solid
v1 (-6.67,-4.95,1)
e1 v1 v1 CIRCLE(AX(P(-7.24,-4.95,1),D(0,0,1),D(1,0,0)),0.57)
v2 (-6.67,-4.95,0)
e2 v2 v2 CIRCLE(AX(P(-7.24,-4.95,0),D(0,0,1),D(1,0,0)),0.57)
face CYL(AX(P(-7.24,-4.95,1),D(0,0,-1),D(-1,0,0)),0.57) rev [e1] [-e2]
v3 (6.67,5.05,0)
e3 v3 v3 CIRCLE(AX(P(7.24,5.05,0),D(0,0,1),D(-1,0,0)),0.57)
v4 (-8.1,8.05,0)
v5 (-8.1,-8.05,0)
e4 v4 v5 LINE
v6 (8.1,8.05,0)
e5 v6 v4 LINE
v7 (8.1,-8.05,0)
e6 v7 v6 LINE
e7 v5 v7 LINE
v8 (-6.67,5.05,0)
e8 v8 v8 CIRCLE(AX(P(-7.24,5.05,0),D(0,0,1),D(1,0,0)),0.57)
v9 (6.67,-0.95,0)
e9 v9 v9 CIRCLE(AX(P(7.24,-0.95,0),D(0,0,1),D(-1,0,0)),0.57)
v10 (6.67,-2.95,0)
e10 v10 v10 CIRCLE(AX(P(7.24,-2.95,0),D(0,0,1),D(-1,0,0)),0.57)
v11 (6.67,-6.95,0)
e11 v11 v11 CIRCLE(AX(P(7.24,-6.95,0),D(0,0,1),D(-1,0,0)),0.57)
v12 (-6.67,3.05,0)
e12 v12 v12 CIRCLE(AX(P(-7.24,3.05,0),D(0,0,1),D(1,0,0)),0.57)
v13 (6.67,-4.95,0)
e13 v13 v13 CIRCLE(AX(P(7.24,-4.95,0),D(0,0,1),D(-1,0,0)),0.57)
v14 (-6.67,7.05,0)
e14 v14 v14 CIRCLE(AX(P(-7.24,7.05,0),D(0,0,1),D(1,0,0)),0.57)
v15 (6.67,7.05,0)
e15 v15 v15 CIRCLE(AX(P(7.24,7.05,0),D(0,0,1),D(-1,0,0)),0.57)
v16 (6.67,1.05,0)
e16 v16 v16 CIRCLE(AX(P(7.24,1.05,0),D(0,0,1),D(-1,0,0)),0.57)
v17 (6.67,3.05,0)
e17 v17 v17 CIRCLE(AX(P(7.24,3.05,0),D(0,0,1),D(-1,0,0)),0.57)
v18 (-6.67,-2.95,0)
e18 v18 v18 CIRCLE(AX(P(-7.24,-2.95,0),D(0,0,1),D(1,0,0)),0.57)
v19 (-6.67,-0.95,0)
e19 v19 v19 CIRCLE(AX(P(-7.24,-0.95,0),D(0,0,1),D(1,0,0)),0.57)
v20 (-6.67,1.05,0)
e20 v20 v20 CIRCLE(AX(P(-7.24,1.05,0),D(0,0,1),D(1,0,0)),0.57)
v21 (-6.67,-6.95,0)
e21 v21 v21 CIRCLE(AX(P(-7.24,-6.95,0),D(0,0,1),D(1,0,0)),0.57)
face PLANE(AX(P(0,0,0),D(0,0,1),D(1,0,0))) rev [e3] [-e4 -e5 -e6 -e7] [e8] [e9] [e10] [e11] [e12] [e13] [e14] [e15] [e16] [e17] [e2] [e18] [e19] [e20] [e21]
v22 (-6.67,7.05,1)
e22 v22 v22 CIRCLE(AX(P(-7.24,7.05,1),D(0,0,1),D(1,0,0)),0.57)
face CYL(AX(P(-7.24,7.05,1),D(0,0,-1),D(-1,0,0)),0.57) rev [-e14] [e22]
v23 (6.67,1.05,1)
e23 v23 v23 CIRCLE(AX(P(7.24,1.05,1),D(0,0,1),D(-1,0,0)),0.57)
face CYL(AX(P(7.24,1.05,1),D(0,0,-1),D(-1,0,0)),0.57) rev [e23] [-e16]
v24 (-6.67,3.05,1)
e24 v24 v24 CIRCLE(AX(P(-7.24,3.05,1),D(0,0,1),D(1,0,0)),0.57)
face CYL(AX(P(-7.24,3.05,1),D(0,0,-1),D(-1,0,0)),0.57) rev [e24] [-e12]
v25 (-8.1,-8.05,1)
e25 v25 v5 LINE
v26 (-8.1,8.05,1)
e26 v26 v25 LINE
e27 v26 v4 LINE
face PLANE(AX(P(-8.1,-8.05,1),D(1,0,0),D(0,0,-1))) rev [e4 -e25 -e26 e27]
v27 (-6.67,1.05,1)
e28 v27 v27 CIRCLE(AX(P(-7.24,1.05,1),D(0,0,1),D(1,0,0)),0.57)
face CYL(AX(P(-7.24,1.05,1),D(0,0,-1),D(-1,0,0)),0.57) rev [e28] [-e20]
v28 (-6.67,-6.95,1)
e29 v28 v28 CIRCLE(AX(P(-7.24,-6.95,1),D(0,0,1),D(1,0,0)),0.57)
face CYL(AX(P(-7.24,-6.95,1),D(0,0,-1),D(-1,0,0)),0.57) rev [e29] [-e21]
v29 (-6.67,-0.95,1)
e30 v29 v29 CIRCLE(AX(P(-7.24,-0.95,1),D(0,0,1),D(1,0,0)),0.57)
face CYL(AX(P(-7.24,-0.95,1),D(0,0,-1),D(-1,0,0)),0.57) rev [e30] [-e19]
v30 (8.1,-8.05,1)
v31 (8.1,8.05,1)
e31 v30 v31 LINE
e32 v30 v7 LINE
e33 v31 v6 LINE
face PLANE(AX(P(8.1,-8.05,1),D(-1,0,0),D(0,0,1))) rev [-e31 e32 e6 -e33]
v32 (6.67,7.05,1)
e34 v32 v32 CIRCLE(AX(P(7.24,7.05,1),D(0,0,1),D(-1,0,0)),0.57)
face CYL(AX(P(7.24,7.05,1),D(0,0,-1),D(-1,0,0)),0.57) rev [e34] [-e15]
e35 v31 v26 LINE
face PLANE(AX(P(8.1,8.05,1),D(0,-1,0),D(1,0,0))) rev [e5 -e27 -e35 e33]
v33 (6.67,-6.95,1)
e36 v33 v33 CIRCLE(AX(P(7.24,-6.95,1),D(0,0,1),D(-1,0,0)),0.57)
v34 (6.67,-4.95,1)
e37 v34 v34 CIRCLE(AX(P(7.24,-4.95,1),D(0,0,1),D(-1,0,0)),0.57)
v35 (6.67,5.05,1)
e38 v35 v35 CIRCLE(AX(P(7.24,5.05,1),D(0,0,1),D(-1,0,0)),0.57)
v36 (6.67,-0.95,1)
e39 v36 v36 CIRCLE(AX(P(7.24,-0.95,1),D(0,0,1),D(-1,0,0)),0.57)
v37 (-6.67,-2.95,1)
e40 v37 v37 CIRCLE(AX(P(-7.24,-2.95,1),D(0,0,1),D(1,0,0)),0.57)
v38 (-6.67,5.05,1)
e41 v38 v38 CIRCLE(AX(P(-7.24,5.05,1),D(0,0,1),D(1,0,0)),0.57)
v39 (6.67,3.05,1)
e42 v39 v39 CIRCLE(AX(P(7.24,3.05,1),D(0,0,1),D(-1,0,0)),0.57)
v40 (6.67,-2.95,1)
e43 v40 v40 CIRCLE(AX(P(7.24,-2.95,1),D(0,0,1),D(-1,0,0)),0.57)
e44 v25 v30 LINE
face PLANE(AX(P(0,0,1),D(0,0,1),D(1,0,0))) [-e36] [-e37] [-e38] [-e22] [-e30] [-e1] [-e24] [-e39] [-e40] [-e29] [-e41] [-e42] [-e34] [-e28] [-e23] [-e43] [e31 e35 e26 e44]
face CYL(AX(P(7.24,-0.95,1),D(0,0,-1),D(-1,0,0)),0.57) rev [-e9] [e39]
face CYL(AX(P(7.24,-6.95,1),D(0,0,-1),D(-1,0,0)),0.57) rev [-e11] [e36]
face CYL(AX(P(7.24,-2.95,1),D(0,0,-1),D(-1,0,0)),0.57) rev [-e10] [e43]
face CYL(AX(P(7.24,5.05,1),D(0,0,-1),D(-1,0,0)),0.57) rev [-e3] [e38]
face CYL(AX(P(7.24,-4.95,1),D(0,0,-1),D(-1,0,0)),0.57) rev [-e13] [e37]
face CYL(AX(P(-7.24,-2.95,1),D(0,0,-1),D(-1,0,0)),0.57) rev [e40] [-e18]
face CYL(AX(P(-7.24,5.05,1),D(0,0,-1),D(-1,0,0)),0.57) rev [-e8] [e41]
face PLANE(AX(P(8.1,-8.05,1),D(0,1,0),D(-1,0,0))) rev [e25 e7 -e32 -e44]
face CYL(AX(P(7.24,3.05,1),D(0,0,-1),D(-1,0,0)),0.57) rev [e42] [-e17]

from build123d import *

# Parameters (mm, degrees)
CROQUIS1_W              = 16.2
CROQUIS1_H              = 16.1
CROQUIS1_R              = 0.57
SALIENTE_EXTRUIR1_DEPTH = 1


with BuildPart() as part:
    # Croquis1 → Saliente-Extruir1 (new body)
    with BuildSketch(Plane.XY):
        Rectangle(CROQUIS1_W, CROQUIS1_H)
        with Locations((-7.24, 7.05)):
            Circle(CROQUIS1_R, mode=Mode.SUBTRACT)
        with Locations((-7.24, 5.05)):
            Circle(CROQUIS1_R, mode=Mode.SUBTRACT)
        with Locations((-7.24, 3.05)):
            Circle(CROQUIS1_R, mode=Mode.SUBTRACT)
        with Locations((-7.24, 1.05)):
            Circle(CROQUIS1_R, mode=Mode.SUBTRACT)
        with Locations((-7.24, -0.95)):
            Circle(CROQUIS1_R, mode=Mode.SUBTRACT)
        with Locations((-7.24, -2.95)):
            Circle(CROQUIS1_R, mode=Mode.SUBTRACT)
        with Locations((-7.24, -4.95)):
            Circle(CROQUIS1_R, mode=Mode.SUBTRACT)
        with Locations((-7.24, -6.95)):
            Circle(CROQUIS1_R, mode=Mode.SUBTRACT)
        with Locations(Location((7.24, -6.95, 0), (0, 0, 180))):
            Circle(CROQUIS1_R, mode=Mode.SUBTRACT)
        with Locations(Location((7.24, -4.95, 0), (0, 0, 180))):
            Circle(CROQUIS1_R, mode=Mode.SUBTRACT)
        with Locations(Location((7.24, -2.95, 0), (0, 0, 180))):
            Circle(CROQUIS1_R, mode=Mode.SUBTRACT)
        with Locations(Location((7.24, -0.95, 0), (0, 0, 180))):
            Circle(CROQUIS1_R, mode=Mode.SUBTRACT)
        with Locations(Location((7.24, 1.05, 0), (0, 0, 180))):
            Circle(CROQUIS1_R, mode=Mode.SUBTRACT)
        with Locations(Location((7.24, 3.05, 0), (0, 0, 180))):
            Circle(CROQUIS1_R, mode=Mode.SUBTRACT)
        with Locations(Location((7.24, 5.05, 0), (0, 0, 180))):
            Circle(CROQUIS1_R, mode=Mode.SUBTRACT)
        with Locations(Location((7.24, 7.05, 0), (0, 0, 180))):
            Circle(CROQUIS1_R, mode=Mode.SUBTRACT)
    extrude(amount=SALIENTE_EXTRUIR1_DEPTH)


solid = part.part
